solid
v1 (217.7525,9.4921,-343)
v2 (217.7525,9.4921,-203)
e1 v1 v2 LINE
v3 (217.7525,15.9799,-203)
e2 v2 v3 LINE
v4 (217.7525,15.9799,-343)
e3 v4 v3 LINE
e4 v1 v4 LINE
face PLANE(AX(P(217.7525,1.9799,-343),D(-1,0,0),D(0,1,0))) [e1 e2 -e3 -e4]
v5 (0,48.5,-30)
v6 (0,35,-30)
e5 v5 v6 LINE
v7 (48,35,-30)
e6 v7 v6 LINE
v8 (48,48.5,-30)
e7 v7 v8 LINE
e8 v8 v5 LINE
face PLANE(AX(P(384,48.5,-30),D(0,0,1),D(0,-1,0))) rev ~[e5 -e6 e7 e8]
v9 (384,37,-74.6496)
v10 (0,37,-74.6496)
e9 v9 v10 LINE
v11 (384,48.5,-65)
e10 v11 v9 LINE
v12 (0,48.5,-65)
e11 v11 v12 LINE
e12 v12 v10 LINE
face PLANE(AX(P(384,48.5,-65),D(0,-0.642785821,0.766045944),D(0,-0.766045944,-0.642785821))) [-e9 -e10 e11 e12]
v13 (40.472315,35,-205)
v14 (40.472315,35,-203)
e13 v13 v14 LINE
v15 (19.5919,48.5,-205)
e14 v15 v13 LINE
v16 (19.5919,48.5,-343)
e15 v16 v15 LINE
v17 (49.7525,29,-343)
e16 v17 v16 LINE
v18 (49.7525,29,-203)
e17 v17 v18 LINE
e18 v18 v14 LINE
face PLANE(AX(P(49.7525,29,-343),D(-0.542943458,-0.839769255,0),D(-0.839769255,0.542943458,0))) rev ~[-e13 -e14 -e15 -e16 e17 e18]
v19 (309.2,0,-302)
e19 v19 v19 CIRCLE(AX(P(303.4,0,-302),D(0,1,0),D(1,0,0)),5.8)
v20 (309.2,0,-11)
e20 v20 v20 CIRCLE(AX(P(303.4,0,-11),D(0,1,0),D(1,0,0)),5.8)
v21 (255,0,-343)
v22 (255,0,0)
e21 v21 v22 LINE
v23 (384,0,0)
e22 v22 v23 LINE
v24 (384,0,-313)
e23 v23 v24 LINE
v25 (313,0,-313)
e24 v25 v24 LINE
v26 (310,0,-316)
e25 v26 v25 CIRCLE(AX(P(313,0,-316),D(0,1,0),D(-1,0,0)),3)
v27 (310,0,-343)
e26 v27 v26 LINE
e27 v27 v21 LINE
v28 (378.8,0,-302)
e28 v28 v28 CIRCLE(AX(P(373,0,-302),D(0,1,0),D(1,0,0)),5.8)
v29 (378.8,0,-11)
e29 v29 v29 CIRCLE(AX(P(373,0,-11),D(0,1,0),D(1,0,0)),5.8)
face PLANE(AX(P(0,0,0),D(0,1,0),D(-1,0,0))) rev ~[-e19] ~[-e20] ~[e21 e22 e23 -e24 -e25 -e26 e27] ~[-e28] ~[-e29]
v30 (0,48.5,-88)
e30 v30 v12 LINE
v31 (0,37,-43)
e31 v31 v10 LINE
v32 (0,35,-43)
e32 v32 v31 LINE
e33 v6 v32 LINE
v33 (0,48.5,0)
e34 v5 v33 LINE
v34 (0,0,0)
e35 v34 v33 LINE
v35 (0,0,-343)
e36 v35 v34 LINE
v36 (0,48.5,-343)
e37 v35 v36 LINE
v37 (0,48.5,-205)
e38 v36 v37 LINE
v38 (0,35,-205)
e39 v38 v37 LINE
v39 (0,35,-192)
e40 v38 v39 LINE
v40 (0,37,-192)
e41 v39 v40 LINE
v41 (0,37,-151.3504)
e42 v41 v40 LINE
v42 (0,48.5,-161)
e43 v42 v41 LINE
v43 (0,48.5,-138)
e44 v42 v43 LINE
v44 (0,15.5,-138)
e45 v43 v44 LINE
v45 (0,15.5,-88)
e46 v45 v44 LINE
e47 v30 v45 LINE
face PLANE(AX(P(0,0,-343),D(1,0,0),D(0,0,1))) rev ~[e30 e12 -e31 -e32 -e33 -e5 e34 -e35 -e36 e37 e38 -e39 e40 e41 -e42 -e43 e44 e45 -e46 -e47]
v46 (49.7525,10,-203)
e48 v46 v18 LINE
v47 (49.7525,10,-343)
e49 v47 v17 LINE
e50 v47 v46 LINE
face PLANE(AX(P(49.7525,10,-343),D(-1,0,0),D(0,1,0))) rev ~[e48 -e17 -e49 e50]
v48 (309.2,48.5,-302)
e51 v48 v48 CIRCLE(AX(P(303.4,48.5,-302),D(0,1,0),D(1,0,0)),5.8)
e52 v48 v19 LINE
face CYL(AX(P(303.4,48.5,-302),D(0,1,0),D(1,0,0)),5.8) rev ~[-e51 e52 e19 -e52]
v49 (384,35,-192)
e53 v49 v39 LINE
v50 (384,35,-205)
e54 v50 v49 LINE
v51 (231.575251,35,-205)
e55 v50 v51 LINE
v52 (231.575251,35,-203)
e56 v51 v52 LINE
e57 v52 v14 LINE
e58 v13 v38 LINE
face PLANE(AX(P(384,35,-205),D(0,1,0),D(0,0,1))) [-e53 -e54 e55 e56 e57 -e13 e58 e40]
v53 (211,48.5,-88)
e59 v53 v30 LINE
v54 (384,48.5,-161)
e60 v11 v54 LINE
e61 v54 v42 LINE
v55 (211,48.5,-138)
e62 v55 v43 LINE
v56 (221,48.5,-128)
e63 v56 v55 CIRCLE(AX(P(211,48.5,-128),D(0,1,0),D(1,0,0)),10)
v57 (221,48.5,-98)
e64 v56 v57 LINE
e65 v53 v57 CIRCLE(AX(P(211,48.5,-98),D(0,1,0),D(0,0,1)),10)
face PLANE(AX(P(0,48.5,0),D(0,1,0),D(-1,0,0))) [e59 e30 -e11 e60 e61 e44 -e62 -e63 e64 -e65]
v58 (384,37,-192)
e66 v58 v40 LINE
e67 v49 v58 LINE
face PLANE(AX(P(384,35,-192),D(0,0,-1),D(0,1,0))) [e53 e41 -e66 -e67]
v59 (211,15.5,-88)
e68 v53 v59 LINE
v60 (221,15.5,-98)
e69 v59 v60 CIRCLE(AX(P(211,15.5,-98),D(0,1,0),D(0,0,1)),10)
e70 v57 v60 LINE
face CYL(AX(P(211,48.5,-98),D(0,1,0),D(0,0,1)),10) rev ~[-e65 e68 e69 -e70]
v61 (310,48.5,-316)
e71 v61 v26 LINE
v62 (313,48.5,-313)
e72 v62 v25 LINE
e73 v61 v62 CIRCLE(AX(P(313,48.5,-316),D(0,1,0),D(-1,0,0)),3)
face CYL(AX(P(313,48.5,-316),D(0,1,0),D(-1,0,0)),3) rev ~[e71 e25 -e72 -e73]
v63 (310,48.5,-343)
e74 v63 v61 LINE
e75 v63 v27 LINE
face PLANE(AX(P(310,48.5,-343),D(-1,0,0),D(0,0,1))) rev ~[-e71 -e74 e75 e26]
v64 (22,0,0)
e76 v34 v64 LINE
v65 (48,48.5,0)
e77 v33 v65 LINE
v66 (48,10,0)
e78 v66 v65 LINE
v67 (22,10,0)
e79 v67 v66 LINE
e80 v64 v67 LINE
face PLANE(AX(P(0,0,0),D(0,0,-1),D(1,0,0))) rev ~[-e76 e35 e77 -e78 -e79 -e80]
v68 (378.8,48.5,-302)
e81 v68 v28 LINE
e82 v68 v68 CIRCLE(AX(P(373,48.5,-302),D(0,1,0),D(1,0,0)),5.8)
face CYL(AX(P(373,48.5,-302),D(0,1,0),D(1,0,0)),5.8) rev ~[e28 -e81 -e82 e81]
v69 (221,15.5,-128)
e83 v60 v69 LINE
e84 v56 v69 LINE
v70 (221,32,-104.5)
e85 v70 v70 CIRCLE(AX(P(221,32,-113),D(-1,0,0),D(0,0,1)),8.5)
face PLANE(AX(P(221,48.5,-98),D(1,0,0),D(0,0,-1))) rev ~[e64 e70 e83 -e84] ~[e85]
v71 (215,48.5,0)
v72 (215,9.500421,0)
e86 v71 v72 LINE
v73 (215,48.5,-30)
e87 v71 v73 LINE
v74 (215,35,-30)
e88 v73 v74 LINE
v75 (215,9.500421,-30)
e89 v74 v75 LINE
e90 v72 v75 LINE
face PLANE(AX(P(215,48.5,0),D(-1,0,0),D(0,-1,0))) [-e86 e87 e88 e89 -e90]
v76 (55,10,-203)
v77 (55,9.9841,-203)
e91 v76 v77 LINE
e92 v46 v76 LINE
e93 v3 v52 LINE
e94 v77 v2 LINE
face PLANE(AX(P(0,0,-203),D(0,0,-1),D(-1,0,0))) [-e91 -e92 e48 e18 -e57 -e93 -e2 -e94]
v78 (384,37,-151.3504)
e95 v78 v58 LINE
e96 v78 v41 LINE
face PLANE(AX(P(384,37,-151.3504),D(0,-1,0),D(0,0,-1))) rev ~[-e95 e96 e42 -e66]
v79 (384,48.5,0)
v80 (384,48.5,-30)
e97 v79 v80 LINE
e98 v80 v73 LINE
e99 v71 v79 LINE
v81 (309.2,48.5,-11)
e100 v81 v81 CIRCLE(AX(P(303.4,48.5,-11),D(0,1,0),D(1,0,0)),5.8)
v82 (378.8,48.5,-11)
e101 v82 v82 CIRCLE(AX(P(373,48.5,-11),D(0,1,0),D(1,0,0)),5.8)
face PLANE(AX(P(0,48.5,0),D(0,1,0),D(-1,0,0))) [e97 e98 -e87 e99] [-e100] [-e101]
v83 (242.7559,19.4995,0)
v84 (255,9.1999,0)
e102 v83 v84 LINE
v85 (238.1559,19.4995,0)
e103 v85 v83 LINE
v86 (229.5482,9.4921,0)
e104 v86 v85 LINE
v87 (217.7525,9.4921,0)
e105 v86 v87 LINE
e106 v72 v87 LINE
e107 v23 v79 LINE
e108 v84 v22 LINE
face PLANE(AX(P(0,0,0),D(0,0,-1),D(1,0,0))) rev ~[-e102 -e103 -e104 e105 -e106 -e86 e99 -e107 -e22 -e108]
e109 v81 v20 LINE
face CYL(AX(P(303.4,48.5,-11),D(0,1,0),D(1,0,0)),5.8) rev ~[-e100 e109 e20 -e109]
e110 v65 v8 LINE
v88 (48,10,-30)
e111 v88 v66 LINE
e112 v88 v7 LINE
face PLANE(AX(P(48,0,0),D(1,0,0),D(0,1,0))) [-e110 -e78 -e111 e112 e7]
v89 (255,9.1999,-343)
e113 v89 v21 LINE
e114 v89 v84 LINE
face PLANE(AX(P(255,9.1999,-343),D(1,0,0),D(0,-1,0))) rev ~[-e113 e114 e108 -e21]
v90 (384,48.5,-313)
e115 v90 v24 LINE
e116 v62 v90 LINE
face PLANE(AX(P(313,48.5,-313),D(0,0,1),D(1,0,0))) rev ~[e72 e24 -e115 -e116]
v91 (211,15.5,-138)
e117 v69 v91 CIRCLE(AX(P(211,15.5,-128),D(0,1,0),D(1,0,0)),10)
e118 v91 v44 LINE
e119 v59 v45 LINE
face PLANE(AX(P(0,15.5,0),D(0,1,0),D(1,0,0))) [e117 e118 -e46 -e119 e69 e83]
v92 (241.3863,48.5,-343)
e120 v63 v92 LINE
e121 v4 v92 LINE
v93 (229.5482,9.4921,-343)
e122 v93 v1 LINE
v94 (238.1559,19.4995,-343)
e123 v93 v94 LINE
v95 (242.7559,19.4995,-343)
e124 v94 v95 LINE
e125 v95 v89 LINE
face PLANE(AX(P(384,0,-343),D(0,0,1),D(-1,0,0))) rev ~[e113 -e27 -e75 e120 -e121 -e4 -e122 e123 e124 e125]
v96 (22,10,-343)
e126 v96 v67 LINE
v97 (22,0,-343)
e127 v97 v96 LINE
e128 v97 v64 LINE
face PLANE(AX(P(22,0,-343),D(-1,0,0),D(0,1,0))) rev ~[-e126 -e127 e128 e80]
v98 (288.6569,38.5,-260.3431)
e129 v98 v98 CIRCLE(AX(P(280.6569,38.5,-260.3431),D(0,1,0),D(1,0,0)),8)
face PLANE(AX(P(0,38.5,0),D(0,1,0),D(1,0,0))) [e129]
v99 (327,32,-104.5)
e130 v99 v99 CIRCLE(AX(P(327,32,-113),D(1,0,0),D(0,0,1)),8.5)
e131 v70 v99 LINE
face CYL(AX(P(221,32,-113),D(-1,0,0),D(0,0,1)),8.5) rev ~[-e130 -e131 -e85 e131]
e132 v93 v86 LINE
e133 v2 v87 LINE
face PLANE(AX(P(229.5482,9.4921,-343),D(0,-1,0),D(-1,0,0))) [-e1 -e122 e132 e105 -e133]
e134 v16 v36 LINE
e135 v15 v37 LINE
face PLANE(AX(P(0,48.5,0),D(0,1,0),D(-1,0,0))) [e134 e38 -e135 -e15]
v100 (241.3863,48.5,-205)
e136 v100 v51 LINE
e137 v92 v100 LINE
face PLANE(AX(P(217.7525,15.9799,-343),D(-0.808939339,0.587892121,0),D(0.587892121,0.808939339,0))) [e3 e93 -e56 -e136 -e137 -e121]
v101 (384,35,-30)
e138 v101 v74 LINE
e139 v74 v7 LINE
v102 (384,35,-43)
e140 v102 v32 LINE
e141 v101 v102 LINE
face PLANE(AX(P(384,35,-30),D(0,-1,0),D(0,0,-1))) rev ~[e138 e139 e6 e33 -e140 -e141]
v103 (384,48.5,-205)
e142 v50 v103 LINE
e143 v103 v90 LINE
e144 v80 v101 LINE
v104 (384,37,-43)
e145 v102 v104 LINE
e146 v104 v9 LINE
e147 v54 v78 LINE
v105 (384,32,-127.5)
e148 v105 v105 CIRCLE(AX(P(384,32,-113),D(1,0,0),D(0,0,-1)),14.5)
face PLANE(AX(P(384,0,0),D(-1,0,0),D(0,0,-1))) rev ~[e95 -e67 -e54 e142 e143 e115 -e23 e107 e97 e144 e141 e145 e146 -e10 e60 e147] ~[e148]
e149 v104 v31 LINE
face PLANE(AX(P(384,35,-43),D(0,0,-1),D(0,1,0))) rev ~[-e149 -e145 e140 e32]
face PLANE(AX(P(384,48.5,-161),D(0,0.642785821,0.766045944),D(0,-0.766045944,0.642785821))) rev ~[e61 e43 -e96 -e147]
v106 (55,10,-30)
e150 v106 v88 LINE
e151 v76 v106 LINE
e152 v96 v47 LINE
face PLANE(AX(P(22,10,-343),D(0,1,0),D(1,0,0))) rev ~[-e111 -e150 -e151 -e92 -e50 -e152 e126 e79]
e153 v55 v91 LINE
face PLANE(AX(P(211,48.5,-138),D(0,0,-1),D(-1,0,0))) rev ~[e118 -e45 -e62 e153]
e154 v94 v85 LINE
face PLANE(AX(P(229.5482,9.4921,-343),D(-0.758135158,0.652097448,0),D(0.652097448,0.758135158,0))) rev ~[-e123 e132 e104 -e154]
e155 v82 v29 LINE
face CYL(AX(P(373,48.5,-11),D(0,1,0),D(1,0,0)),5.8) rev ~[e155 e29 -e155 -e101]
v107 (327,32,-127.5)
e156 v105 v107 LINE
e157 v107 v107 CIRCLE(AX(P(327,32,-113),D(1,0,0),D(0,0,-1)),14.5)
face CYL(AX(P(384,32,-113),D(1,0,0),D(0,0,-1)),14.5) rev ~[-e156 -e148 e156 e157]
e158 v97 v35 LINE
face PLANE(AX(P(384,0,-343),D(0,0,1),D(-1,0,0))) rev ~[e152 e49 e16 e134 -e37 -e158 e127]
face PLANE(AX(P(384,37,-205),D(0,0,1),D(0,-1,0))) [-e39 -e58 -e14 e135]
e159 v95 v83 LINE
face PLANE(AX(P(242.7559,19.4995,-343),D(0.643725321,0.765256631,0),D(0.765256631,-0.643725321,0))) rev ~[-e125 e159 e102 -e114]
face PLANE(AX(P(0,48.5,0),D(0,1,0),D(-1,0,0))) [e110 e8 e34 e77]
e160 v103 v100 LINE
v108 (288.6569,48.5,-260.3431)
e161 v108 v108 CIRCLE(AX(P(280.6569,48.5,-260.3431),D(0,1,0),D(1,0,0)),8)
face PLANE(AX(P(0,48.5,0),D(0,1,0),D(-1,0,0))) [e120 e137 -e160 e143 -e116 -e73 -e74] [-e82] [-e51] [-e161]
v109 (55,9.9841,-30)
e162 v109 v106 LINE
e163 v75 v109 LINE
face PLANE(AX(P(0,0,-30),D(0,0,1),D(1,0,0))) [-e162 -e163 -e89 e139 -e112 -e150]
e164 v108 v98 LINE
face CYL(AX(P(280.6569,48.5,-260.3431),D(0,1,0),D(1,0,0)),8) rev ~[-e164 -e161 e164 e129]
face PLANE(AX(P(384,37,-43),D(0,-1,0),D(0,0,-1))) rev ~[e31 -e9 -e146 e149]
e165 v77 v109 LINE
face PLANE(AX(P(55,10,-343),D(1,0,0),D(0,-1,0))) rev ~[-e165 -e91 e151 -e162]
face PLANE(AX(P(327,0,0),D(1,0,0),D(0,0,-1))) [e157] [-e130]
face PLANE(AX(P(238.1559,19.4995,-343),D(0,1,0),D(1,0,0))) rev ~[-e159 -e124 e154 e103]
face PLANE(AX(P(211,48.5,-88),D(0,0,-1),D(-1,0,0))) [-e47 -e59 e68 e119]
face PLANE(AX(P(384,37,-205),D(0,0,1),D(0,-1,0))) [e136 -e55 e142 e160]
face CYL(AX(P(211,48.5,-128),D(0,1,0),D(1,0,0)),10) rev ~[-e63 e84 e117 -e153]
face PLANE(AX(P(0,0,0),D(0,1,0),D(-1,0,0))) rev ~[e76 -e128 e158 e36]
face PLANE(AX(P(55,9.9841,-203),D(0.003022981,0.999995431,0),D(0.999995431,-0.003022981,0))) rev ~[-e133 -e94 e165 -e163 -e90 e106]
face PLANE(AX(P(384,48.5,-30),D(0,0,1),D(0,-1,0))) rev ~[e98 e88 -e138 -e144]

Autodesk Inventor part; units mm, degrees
ref_plane "YZ Plane" through (0, 0, 0) normal (1, 0, 0) x (0, 1, 0)
ref_plane "XZ Plane" through (0, 0, 0) normal (0, 1, 0) x (-1, 0, 0)
ref_plane "XY Plane" through (0, 0, 0) normal (0, 0, 1) x (1, 0, 0)
sketch "Sketch1" plane through (0, 0, 0) normal (0, 1, 0) x (-1, 0, 0)
  line L0 (0, 0) -> (-384, 0)
  line L1 (-384, 0) -> (-384, -343)
  line L2 (-384, -343) -> (0, -343)
  line L3 (0, -343) -> (0, 0)
  dimension "d0" = 384
  dimension "d1" = 343
extrude "Extrusion1" add sketch "Sketch1" along normal blind 48.5
sketch "Sketch3" plane through (384, 0, 0) normal (1, 0, 0) x (0, 0, -1)
  line L0 (0, 0) -> (343, 0) projected
  line L1 (0, 0) -> (0, 48.5) projected
  line L2 (343, 0) -> (343, 48.5) projected
  line L3 (30, 48.5) -> (65, 48.5)
  line L4 (30, 48.5) -> (30, 37)
  line L5 (65, 48.5) -> (74.6496, 37)
  line L6 (43, 37) -> (74.6496, 37)
  line L7 (30, 37) -> (30, 35)
  line L8 (30, 35) -> (43, 35)
  line L9 (43, 35) -> (43, 37)
  dimension "d23" = 35
  dimension "d37" = 2
  dimension "d38" = 13
extrude "Extrusion2" cut sketch "Sketch3" against normal through all
sketch "Sketch7" plane through (384, 0, 0) normal (1, 0, 0) x (0, 0, -1)
  line L0 (65, 48.5) -> (343, 48.5) projected
  line L1 (65, 48.5) -> (161, 48.5)
  line L2 (161, 48.5) -> (174.2196, 48.5) construction
  line L3 (161, 48.5) -> (205, 48.5)
  line L4 (0, 0) -> (343, 0) projected
  line L5 (151.3504, 37) -> (192, 37)
  line L6 (205, 37) -> (205, 48.5)
  line L7 (161, 48.5) -> (151.3504, 37)
  line L8 (161, 48.5) -> (183.0653, 48.5) construction
  line L9 (205, 37) -> (205, 35)
  line L10 (205, 35) -> (192, 35)
  line L11 (192, 35) -> (192, 37)
  dimension "d27" = 96
  dimension "d29" = 44
  dimension "d32" = 130
extrude "Extrusion3" cut sketch "Sketch7" against normal through all
sketch "Sketch8" plane through (0, 48.5, 0) normal (0, 1, 0) x (1, 0, 0)
  line L0 (310, 343) -> (310, 316)
  line L1 (313, 313) -> (384, 313)
  line L2 (384, 0) -> (384, 343) projected
  line L3 (384, 313) -> (384, 343)
  line L4 (384, 343) -> (310, 343)
  line L5 (384, 343) -> (0, 343) projected
  arc A0 (310, 316) -> (313, 313) centre (313, 316) ccw
  point P0 (0, 0)
  point P1 (310, 313)
  dimension "d43" = 30
  dimension "d46" = 3
extrude "Extrusion4" cut sketch "Sketch8" against normal through all
sketch "Sketch12" plane through (0, 48.5, 0) normal (0, 1, 0) x (1, 0, 0)
  line L0 (221, 113) -> (221, 128)
  line L1 (211, 88) -> (0, 88)
  line L2 (211, 138) -> (0, 138)
  arc A0 (211, 88) -> (221, 98) centre (211, 98) ccw
  arc A1 (221, 128) -> (211, 138) centre (211, 128) ccw
  line L3 (221, 98) -> (221, 113)
  line L4 (0, 88) -> (0, 138)
  point P0 (384, 161)
  point P1 (221, 88)
  dimension "d72" = 10
extrude "Extrusion8" cut sketch "Sketch12" against normal blind 33
sketch "Sketch28" plane through (0, 48.5, 0) normal (0, 1, 0) x (1, 0, 0)
  circle A0 centre (373, 302) radius 5.8
  circle A1 centre (303.4, 302) radius 5.8
  circle A2 centre (373, 11) radius 5.8
  circle A3 centre (303.4, 11) radius 5.8
  point P0 (0, 0)
  point P1 (384, 313)
  point P2 (384, 0)
  dimension "d146" = 11.6
  dimension "d149" = 11.6
  dimension "d152" = 11.6
  dimension "d155" = 11.6
extrude "Extrusion19" cut sketch "Sketch28" against normal through all
sketch "Sketch30" plane through (0, 0, 0) normal (0, 0, 1) x (1, 0, 0)
  line L0 (48, 48.5) -> (215, 48.5)
  line L1 (215, 48.5) -> (215, 0)
  line L2 (215, 0) -> (48, 0)
  line L3 (48, 0) -> (48, 48.5)
  line L4 (0, 0) -> (0, 48.5) projected
  dimension "d255" = 48
  dimension "d256" = 167
extrude "Extrusion21" cut sketch "Sketch30" against normal up to surface (30 mm away)
sketch "Sketch32" plane through (0, 48.5, 0) normal (0, 1, 0) x (1, 0, 0)
  line L0 (275, 266) -> (283, 266) construction
  circle A0 centre (280.6569, 260.3431) radius 8
  point P0 (0, 0)
  point P1 (255, 343)
  dimension "d168" = 16
extrude "Extrusion22" cut sketch "Sketch32" against normal blind 10
sketch "Sketch36" plane through (0, 0, -343) normal (0, 0, -1) x (-1, 0, 0)
  line L0 (-255, 0) -> (-243.6863, 11.3137)
  line L1 (-255, 0) -> (-239, 0) construction
  line L2 (-243.6863, 11.3137) -> (-239.0863, 11.3137)
  line L3 (-239.0863, 11.3137) -> (-229.7525, 1.9799)
  line L4 (-239.0863, 11.3137) -> (-225.8863, 11.3137) construction
  line L5 (-229.7525, 1.9799) -> (-217.7525, 1.9799)
  line L6 (-22, 0) -> (-22, 10)
  line L7 (-22, 10) -> (-55, 10)
  line L8 (-217.7525, 1.9799) -> (-217.7525, 0)
  line L9 (-55, 10) -> (-55, 0)
  line L10 (-255, 0) -> (-217.7525, 0)
  line L11 (-310, 0) -> (0, 0) projected
  line L12 (-55, 0) -> (-22, 0)
  dimension "d209" = 16
  dimension "d210" = 45
  dimension "d211" = 4.6
  dimension "d214" = 13.2
  dimension "d215" = 45
  dimension "d216" = 12
  dimension "d224" = 22
  dimension "d225" = 10
extrude "Extrusion23" cut sketch "Sketch36" against normal through all
sketch "Sketch37" plane through (0, 0, -343) normal (0, 0, -1) x (-1, 0, 0)
  line L0 (-217.7525, 1.9799) -> (-217.7525, 15.9799)
  line L1 (-217.7525, 15.9799) -> (-241.3863, 48.5)
  line L2 (-241.3863, 48.5) -> (-19.5919, 48.5)
  line L3 (-211, 48.5) -> (0, 48.5) projected
  line L4 (-48, 10) -> (-55, 10) projected
  line L5 (-217.7525, 0) -> (-217.7525, 1.9799) projected
  line L6 (-217.7525, 1.9799) -> (-217.7525, 0)
  line L7 (-215, 0) -> (-55, 0) projected
  line L8 (-217.7525, 0) -> (-55, 0)
  line L9 (-55, 10) -> (-55, 0) projected
  line L10 (-55, 0) -> (-55, 10)
  line L11 (-217.7525, 15.9799) -> (-49.7525, 15.9799) construction
  line L12 (-55, 10) -> (-49.7525, 10)
  line L13 (-49.7525, 10) -> (-49.7525, 29)
  line L14 (-49.7525, 29) -> (-19.5919, 48.5)
  line L15 (0, 48.5) -> (-48, 48.5) projected
  point P0 (0, 0)
  point P1 (-23, 48.5)
  dimension "d229" = 14
  dimension "d232" = 19
extrude "Extrusion24" cut sketch "Sketch37" against normal blind 140
sketch "Sketch38" plane through (0, 0, -203) normal (0, 0, -1) x (-1, 0, 0)
  line L0 (-49.7525, 29) -> (-49.7525, 10) projected
  line L1 (-55, 9.9841) -> (-217.7525, 9.4921)
  line L2 (-217.7525, 1.9799) -> (-217.7525, 15.9799) projected
  line L3 (-217.7525, 0) -> (-217.7525, 1.9799) projected
  line L4 (-217.7525, 9.4921) -> (-217.7525, 0)
  line L5 (-215, 0) -> (-55, 0) projected
  line L6 (-217.7525, 0) -> (-55, 0)
  line L7 (-55, 10) -> (-55, 0) projected
  line L8 (-55, 0) -> (-55, 10)
  line L9 (-55, 10) -> (-55, 0)
  point P0 (0, 0)
extrude "Extrusion25" cut sketch "Sketch38" against normal through all
sketch "Sketch40" plane through (0, 0, -343) normal (0, 0, -1) x (-1, 0, 0)
  line L0 (-229.5482, 9.4921) -> (-238.1559, 19.4995)
  line L1 (-229.5482, 9.4921) -> (-216.3482, 9.4921) construction
  line L2 (-238.1559, 19.4995) -> (-242.7559, 19.4995)
  line L3 (-242.7559, 19.4995) -> (-255, 9.1999)
  line L4 (-242.7559, 19.4995) -> (-226.7559, 19.4995) construction
  line L5 (-243.6863, 11.3137) -> (-255, 0) projected
  line L6 (-255, 9.1999) -> (-255, 0)
  line L7 (-229.5482, 9.4921) -> (-217.7525, 9.4921)
  line L8 (-217.7525, 9.4921) -> (-217.7525, 1.9799) projected
  line L9 (-217.7525, 9.4921) -> (-217.7525, 1.9799)
  line L10 (-217.7525, 1.9799) -> (-217.7525, 9.4921)
  line L11 (-217.7525, 1.9799) -> (-229.7525, 1.9799)
  line L12 (-229.7525, 1.9799) -> (-239.0863, 11.3137) projected
  line L13 (-229.7525, 1.9799) -> (-239.0863, 11.3137)
  line L14 (-239.0863, 11.3137) -> (-243.6863, 11.3137)
  line L15 (-255, 0) -> (-243.6863, 11.3137)
  dimension "d240" = 13.2
  dimension "d242" = 4.6
  dimension "d243" = 16
extrude "Extrusion26" cut sketch "Sketch40" against normal through all
sketch "Sketch41" plane through (221, 48.5, -128) normal (-1, 0, 0) x (0, 0, 1)
  circle A0 centre (15, -16.5) radius 8.5
  point P0 (128, -48.5)
  dimension "d247" = 17
extrude "Extrusion27" cut sketch "Sketch41" against normal through all
sketch "Sketch42" plane through (384, 0, 0) normal (1, 0, 0) x (0, 0, -1)
  circle A0 centre (113, 32) radius 8.5 projected
  circle A1 centre (113, 32) radius 14.5
  point P0 (0, 0)
  dimension "d250" = 29
extrude "Extrusion28" cut sketch "Sketch42" against normal blind 57
properties part number "saddle" material "Iron, Cast"
